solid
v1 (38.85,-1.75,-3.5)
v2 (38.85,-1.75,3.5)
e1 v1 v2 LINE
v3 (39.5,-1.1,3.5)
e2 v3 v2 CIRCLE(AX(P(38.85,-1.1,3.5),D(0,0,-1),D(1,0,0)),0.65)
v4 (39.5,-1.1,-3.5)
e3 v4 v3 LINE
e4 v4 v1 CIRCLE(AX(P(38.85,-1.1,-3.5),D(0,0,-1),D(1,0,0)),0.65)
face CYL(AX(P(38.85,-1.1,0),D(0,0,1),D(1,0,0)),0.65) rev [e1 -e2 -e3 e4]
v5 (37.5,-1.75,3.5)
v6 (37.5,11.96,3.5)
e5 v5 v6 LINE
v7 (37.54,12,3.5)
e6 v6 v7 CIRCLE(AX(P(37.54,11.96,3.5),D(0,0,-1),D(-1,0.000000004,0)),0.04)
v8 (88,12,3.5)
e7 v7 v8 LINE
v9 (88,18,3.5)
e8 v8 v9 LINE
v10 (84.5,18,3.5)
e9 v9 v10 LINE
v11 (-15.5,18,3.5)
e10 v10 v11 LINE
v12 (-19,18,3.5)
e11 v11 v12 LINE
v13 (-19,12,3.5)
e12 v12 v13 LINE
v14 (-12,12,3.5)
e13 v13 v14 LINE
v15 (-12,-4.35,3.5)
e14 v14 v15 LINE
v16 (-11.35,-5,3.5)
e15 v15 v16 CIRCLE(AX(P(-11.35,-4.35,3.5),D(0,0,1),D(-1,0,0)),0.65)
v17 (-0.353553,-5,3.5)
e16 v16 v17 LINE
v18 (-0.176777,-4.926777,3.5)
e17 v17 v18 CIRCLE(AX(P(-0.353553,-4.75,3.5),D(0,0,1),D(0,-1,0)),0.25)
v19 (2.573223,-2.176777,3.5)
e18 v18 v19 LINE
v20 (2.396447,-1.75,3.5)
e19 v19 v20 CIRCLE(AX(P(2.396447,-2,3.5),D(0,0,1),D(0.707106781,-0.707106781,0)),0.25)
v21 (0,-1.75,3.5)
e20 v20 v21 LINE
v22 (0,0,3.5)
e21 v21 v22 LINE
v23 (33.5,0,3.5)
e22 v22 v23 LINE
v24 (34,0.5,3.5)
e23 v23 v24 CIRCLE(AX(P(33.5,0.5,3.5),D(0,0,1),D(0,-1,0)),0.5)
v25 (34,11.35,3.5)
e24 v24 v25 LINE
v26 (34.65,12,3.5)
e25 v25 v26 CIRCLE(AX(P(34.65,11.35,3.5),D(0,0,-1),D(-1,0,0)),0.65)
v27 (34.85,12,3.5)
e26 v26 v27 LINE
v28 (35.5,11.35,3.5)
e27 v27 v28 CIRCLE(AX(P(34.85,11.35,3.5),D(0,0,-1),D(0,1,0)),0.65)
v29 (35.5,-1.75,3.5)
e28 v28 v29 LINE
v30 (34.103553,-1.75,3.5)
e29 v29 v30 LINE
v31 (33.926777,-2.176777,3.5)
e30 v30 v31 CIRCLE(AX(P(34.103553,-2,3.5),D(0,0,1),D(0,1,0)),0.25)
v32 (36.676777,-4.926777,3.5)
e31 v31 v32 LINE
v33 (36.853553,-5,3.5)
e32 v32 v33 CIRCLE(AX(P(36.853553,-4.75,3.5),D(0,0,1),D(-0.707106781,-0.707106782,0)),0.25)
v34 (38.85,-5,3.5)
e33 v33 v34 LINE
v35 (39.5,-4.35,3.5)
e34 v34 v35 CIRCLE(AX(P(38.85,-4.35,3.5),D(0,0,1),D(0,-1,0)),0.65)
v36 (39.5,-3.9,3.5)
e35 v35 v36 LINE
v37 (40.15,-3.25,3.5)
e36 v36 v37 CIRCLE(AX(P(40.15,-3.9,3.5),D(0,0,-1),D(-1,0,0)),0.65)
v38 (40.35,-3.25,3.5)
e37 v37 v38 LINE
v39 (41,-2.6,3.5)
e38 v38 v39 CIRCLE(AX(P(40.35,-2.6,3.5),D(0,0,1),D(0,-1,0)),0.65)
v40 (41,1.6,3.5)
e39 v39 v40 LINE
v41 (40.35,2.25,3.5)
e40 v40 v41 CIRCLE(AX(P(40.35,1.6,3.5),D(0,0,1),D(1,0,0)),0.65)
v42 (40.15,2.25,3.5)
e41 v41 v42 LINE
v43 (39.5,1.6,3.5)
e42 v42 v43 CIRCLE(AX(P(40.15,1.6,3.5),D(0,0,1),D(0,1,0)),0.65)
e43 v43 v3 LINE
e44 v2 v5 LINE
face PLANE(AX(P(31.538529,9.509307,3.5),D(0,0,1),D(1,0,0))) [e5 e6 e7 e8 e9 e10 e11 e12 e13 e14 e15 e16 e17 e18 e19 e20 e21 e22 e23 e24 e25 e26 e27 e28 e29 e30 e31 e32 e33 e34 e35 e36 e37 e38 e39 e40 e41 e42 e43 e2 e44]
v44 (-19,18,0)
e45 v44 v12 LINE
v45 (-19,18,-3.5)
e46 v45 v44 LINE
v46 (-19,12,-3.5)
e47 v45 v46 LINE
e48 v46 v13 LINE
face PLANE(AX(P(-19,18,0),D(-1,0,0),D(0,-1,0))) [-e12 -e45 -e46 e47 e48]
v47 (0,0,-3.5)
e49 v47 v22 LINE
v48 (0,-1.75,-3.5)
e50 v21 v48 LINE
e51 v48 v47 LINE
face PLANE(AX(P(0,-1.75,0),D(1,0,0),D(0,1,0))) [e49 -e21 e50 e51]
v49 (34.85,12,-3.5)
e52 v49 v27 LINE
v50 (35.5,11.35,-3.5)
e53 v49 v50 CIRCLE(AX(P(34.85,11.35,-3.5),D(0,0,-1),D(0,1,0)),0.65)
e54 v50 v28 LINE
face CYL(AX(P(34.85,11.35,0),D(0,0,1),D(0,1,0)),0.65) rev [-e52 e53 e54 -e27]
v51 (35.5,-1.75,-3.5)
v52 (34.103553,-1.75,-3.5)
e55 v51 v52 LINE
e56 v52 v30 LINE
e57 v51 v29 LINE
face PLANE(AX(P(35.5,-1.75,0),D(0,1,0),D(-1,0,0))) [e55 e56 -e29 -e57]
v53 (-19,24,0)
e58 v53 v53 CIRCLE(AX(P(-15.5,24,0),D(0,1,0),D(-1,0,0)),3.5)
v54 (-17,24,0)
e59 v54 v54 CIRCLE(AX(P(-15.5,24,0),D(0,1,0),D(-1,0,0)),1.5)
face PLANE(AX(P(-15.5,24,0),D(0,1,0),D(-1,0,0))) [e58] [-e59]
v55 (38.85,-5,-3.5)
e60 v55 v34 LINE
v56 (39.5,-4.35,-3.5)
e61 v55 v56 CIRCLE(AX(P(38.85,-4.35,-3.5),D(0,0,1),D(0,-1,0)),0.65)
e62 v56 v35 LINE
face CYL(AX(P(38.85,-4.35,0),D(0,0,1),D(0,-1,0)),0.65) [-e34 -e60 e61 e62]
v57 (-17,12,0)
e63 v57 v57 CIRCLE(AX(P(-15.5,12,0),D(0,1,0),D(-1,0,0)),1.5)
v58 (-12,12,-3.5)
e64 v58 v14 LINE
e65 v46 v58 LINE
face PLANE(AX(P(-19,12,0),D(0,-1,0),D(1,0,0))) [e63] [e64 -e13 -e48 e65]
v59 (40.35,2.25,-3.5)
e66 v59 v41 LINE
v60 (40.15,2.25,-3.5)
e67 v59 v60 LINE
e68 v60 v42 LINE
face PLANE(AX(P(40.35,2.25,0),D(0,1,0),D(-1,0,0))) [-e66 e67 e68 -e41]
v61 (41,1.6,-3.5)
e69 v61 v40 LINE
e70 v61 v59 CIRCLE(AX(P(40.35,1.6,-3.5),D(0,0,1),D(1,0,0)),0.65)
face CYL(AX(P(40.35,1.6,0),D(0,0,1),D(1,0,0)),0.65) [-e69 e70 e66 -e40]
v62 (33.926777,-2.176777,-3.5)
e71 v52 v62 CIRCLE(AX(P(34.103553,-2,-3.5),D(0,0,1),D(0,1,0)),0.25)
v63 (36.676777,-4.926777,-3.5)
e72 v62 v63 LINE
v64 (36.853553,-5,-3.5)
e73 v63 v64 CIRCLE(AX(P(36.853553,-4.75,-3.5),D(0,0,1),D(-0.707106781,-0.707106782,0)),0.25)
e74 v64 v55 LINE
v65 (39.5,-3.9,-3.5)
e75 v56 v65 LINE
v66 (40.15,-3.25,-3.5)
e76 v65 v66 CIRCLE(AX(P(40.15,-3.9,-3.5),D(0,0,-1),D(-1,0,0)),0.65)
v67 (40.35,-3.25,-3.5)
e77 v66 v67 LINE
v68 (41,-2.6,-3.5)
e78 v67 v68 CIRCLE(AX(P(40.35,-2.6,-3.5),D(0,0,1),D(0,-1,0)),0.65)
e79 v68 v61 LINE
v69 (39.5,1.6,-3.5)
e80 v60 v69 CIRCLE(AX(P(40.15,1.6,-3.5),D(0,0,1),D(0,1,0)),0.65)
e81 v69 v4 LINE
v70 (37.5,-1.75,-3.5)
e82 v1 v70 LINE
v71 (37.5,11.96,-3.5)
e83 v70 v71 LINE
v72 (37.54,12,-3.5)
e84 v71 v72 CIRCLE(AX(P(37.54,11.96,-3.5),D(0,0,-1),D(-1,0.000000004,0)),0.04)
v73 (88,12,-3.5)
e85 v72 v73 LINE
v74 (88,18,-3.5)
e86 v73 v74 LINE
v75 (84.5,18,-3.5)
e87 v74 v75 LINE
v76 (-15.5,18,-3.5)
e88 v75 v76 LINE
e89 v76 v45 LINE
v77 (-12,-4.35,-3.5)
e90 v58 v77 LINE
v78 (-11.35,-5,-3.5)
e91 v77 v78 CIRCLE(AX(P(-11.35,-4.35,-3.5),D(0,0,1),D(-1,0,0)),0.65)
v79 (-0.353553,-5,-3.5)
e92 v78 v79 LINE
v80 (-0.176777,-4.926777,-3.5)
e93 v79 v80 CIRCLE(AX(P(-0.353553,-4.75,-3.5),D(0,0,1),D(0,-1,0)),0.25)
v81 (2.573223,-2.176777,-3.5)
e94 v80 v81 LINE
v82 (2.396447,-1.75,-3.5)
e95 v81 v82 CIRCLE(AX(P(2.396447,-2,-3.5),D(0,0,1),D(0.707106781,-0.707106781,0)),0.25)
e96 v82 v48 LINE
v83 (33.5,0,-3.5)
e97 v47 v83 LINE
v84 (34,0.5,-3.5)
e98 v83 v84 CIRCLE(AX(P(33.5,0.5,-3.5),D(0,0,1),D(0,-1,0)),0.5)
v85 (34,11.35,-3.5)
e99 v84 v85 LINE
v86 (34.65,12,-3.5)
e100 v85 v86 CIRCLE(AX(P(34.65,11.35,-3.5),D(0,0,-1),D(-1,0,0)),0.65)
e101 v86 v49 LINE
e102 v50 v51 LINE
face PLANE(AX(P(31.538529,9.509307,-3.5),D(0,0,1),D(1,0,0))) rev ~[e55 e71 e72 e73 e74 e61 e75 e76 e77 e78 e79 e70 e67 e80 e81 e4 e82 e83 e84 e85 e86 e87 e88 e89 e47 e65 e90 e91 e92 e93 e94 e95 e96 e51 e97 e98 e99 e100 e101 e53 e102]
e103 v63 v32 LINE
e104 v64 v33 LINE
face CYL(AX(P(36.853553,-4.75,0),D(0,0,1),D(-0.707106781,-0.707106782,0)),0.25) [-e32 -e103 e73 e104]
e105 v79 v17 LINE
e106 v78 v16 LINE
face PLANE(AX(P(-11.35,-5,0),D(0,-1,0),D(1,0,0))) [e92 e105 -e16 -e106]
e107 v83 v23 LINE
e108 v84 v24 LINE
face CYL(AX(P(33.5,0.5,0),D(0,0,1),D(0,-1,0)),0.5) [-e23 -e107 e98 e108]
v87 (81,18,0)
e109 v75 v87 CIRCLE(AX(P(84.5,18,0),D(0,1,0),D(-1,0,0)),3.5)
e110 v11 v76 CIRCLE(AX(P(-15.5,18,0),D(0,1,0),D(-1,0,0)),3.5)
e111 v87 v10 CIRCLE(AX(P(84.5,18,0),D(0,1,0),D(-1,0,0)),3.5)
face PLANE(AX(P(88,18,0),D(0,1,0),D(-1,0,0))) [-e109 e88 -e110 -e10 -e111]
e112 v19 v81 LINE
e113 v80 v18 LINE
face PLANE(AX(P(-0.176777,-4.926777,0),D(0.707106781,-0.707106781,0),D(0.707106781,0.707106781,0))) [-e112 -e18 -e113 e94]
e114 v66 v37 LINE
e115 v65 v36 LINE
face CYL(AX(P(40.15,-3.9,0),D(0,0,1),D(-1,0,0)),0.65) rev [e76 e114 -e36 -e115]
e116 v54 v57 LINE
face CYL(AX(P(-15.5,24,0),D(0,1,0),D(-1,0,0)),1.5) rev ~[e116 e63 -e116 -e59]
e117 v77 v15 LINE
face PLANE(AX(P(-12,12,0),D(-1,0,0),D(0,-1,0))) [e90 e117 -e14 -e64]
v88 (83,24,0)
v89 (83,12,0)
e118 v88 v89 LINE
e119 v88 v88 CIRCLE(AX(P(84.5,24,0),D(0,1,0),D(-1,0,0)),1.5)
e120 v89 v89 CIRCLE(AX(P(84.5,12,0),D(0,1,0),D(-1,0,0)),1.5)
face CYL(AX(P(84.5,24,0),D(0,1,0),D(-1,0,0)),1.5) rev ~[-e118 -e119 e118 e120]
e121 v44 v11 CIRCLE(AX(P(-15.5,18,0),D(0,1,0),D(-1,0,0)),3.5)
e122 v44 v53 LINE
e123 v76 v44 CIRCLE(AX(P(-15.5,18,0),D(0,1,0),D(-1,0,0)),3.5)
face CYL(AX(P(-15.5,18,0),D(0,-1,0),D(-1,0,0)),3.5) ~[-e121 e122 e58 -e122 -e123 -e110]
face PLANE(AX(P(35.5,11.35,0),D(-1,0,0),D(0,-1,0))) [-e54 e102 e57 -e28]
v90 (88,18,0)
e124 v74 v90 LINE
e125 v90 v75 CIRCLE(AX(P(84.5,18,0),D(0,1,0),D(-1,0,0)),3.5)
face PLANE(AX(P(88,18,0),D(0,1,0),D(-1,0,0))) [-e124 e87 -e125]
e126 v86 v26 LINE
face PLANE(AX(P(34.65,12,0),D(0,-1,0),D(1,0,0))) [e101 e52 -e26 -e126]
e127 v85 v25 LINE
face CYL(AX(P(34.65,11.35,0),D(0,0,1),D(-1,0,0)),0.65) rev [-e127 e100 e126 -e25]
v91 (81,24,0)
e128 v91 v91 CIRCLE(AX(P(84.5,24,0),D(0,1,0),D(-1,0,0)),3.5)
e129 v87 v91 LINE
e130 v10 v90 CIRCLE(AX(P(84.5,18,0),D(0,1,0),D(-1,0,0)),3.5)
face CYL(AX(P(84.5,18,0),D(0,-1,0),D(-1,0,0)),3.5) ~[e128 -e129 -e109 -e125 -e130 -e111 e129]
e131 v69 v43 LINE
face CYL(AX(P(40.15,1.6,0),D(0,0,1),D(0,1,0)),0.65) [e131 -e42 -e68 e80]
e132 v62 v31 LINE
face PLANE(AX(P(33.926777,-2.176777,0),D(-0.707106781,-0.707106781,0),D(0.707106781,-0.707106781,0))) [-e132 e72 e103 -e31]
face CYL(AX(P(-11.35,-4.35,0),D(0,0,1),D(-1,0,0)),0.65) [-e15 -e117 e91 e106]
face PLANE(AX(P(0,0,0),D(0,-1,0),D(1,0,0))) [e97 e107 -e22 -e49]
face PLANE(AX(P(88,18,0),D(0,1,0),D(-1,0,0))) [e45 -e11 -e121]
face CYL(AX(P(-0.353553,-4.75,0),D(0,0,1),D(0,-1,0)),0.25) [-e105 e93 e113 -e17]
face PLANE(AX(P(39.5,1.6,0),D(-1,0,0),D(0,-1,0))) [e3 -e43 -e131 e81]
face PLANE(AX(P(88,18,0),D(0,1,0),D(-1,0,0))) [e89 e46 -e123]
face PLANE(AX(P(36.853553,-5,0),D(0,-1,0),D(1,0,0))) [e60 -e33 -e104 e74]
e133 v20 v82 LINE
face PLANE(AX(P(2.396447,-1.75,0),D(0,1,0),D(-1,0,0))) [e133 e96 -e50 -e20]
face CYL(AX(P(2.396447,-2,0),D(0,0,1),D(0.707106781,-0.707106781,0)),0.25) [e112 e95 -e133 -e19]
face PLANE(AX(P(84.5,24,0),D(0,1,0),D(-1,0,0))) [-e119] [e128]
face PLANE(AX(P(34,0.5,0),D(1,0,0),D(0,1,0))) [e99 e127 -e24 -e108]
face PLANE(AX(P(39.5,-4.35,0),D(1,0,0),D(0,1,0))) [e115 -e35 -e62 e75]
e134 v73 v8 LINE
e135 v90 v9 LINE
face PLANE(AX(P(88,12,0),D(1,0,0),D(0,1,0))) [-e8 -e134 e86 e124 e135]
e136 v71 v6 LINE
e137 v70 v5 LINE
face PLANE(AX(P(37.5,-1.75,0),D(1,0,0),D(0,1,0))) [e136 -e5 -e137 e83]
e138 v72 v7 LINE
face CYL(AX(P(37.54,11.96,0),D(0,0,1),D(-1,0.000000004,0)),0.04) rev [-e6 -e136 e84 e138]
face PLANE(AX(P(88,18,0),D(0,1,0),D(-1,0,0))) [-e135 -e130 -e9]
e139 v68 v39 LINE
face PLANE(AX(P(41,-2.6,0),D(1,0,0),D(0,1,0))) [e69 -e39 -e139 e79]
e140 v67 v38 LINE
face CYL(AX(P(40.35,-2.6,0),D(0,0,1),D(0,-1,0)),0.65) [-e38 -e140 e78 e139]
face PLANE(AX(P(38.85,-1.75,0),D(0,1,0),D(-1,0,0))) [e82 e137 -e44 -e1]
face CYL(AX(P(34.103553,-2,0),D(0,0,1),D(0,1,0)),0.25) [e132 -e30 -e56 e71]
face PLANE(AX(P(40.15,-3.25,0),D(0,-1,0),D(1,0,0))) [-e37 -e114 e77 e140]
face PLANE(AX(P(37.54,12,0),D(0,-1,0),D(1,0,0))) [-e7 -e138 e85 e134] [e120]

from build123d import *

# Parameters (mm, degrees)
F1_DEPTH = 3.5
F2_R     = 3.5
F3_DEPTH = 6
F4_R     = 1.5
F5_DEPTH = 29.001


with BuildPart() as f1:
    # F0 (on Top) → F1 (new body, symmetric)
    with BuildSketch(Plane.XY):
        with BuildLine():
            Line((0, -1.75), (0, 0))
            Line((0, 0), (33.5, 0))
            ThreePointArc((33.5, 0), (33.8535533906, 0.1464466094), (34, 0.5))
            Line((34, 0.5), (34, 11.35))
            ThreePointArc((34, 11.35), (34.1903805922, 11.8096194078), (34.65, 12))
            Line((34.65, 12), (34.85, 12))
            ThreePointArc((34.85, 12), (35.3096194078, 11.8096194078), (35.5, 11.35))
            Line((35.5, 11.35), (35.5, -1.75))
            Line((35.5, -1.75), (34.1035533906, -1.75))
            ThreePointArc((34.1035533906, -1.75), (33.8725835075, -1.9043291419), (33.9267766953, -2.1767766953))
            Line((33.9267766953, -2.1767766953), (36.6767766953, -4.9267766953))
            ThreePointArc((36.6767766953, -4.9267766953), (36.7578825325, -4.9809698831), (36.8535533906, -5))
            Line((36.8535533906, -5), (38.85, -5))
            ThreePointArc((38.85, -5), (39.3096194078, -4.8096194078), (39.5, -4.35))
            Line((39.5, -4.35), (39.5, -3.9))
            ThreePointArc((39.5, -3.9), (39.6903805922, -3.4403805922), (40.15, -3.25))
            Line((40.15, -3.25), (40.35, -3.25))
            ThreePointArc((40.35, -3.25), (40.8096194078, -3.0596194078), (41, -2.6))
            Line((41, -2.6), (41, 1.6))
            ThreePointArc((41, 1.6), (40.8096194078, 2.0596194078), (40.35, 2.25))
            Line((40.35, 2.25), (40.15, 2.25))
            ThreePointArc((40.15, 2.25), (39.6903805922, 2.0596194078), (39.5, 1.6))
            Line((39.5, 1.6), (39.5, -1.1))
            ThreePointArc((39.5, -1.1), (39.3096194078, -1.5596194078), (38.85, -1.75))
            Line((38.85, -1.75), (37.5, -1.75))
            Line((37.5, -1.75), (37.5, 11.96))
            ThreePointArc((37.5, 11.96), (37.5117157288, 11.9882842712), (37.54, 12))
            Line((37.54, 12), (88, 12))
            Line((88, 12), (88, 18))
            Line((88, 18), (-19, 18))
            Line((-19, 18), (-19, 12))
            Line((-19, 12), (-12, 12))
            Line((-12, 12), (-12, -4.35))
            ThreePointArc((-12, -4.35), (-11.8096194078, -4.8096194078), (-11.35, -5))
            Line((-11.35, -5), (-0.3535533906, -5))
            ThreePointArc((-0.3535533906, -5), (-0.2578825325, -4.9809698831), (-0.1767766953, -4.9267766953))
            Line((-0.1767766953, -4.9267766953), (2.5732233047, -2.1767766953))
            ThreePointArc((2.5732233047, -2.1767766953), (2.6274164925, -1.9043291419), (2.3964466094, -1.75))
            Line((2.3964466094, -1.75), (0, -1.75))
        make_face()
    extrude(amount=F1_DEPTH, both=True)

    # F2 (on face) → F3 (join)
    with BuildSketch(Plane(origin=(0, 18, 0), x_dir=(-1, 0, 0), z_dir=(0, 1, 0))):
        with Locations((-84.5, 0)):
            Circle(F2_R)
        with Locations((15.5, 0)):
            Circle(F2_R)
    extrude(amount=F3_DEPTH)

    # F4 (on face) → F5 (cut, through all)
    with BuildSketch(Plane(origin=(0, 24, 0), x_dir=(-1, 0, 0), z_dir=(0, 1, 0))):
        with Locations((-84.5, 0)):
            Circle(F4_R)
        with Locations((15.5, 0)):
            Circle(F4_R)
    extrude(amount=-F5_DEPTH, mode=Mode.SUBTRACT)


solid = f1.part
